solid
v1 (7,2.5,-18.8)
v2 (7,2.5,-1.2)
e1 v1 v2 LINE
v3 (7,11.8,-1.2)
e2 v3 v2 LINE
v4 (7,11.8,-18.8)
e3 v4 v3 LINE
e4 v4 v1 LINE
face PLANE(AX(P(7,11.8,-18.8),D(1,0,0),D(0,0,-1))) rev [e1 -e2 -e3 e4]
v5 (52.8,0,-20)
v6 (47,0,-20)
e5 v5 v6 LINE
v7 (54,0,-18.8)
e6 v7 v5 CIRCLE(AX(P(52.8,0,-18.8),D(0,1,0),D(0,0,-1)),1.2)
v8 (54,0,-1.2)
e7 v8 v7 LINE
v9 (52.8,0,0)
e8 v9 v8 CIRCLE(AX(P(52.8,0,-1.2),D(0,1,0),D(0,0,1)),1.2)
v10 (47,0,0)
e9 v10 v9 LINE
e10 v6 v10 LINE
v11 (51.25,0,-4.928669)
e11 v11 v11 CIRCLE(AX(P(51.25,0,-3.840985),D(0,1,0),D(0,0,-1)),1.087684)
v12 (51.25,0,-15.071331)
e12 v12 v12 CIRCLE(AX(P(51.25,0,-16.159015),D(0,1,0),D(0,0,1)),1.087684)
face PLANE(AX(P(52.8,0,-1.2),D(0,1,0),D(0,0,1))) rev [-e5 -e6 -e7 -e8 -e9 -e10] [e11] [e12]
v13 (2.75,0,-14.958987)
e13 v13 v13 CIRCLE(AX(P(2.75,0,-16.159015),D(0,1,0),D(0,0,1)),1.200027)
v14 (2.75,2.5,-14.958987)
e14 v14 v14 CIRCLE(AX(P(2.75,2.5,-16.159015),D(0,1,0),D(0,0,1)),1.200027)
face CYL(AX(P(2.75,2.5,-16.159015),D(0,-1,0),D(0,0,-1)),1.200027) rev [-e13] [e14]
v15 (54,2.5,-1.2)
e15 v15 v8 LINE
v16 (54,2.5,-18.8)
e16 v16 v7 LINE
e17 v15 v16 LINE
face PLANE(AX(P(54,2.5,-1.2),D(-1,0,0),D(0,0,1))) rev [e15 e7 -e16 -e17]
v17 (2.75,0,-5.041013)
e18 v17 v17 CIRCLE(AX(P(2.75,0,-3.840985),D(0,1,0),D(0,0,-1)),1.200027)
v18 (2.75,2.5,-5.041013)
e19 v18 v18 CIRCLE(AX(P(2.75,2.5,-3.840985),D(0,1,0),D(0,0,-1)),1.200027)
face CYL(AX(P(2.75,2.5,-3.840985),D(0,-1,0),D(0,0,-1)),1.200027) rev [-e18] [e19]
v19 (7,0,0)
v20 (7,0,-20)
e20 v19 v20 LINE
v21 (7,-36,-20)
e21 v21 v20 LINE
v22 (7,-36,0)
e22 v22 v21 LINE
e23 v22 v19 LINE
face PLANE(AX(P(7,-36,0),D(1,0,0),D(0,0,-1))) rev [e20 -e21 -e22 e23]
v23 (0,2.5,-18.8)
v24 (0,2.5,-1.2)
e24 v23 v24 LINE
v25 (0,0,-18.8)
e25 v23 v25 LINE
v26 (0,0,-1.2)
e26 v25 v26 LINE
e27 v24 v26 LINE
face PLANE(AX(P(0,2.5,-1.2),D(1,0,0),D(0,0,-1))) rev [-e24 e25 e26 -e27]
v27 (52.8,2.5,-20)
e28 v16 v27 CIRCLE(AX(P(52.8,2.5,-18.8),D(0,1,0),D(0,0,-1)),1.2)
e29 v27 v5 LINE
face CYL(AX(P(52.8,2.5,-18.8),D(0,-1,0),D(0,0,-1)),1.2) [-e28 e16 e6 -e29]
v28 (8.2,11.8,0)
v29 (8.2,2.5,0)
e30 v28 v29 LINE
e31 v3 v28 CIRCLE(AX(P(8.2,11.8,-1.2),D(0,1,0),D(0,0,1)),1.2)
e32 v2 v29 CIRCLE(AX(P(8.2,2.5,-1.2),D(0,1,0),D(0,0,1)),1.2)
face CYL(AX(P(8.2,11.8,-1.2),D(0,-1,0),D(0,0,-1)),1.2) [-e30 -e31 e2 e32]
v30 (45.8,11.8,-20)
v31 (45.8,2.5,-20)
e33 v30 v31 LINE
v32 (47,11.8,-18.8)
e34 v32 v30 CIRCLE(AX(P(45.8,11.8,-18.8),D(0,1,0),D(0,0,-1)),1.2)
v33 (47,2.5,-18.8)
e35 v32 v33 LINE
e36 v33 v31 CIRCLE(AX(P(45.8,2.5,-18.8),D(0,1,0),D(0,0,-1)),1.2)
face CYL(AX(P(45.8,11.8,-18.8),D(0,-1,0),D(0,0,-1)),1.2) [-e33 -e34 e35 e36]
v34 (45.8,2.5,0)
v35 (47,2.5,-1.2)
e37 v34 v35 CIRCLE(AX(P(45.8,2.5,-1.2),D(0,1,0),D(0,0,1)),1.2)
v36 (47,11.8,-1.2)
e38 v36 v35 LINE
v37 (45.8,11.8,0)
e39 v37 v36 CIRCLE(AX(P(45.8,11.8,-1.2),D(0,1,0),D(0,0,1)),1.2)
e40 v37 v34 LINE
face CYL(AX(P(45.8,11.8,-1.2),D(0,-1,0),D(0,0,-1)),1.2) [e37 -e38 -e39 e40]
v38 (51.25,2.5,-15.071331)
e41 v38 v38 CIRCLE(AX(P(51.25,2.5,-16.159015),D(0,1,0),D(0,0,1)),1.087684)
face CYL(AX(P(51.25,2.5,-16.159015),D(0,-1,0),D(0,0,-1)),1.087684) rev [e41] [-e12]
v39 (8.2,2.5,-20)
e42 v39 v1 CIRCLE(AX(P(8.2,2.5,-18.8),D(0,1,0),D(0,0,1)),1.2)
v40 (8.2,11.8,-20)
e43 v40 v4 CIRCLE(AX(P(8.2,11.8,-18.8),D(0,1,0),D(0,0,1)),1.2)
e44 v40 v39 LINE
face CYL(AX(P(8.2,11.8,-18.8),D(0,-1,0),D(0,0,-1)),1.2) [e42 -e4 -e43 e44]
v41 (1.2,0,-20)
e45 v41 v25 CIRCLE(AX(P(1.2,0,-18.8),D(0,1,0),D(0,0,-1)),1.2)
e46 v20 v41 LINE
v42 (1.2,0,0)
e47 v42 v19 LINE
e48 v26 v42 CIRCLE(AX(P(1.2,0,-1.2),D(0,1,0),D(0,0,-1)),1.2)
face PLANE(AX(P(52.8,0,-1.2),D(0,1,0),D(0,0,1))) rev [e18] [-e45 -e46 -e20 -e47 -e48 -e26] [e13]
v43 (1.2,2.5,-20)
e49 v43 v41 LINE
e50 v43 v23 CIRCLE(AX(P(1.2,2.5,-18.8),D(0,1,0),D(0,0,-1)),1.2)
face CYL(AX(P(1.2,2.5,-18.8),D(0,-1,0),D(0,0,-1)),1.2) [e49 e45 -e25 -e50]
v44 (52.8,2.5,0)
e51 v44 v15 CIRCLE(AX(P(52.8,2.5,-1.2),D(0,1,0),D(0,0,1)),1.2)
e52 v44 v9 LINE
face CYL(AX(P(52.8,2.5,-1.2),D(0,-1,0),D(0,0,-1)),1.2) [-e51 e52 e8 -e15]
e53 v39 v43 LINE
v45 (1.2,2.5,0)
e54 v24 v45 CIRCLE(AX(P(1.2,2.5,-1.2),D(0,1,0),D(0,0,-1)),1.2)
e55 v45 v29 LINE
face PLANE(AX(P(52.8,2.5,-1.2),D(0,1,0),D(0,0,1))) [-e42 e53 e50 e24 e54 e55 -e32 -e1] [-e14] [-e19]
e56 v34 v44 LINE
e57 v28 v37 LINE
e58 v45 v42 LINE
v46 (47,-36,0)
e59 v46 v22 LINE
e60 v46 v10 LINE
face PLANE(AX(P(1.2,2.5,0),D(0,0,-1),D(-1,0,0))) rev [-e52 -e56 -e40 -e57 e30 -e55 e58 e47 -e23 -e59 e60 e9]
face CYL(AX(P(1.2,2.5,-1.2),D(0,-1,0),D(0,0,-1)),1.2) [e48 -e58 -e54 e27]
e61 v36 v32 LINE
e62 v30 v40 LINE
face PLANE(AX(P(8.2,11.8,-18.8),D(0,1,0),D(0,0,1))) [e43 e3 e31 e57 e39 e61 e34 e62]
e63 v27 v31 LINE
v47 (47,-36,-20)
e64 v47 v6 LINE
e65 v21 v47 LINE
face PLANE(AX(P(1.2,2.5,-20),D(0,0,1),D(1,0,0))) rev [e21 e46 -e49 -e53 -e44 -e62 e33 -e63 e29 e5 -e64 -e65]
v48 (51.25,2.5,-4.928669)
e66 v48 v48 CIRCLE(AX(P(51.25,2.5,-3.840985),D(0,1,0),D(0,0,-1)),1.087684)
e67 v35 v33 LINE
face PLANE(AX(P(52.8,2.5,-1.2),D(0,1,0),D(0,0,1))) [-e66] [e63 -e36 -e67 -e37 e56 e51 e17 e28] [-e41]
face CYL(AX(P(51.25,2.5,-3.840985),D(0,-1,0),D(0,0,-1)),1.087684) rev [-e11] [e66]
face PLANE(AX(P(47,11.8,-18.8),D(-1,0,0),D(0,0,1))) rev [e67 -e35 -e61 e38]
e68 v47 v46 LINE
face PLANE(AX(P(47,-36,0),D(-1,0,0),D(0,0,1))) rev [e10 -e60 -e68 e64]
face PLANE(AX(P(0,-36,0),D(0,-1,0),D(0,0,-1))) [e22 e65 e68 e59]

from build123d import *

# Parameters (mm, degrees)
SKETCH1_R           = 1.200027231
SKETCH1_R_2         = 1.087684018
BOSS_EXTRUDE1_DEPTH = 2.5
BOSS_EXTRUDE2_DEPTH = 9.3
SKETCH3_W           = 40
SKETCH3_H           = 20
BOSS_EXTRUDE3_DEPTH = 36


with BuildPart() as part:
    # Sketch1 → Boss-Extrude1 (new body)
    with BuildSketch(Plane(origin=(0, 0, 0), x_dir=(1, 0, 0), z_dir=(0, 1, 0))):
        with BuildLine():
            Line((1.2, 0), (52.8, 0))
            ThreePointArc((52.8, 0), (53.648528137, 0.351471863), (54, 1.2))
            Line((54, 1.2), (54, 18.8))
            ThreePointArc((54, 18.8), (53.648528137, 19.648528137), (52.8, 20))
            Line((52.8, 20), (1.2, 20))
            ThreePointArc((1.2, 20), (0.351471863, 19.648528137), (0, 18.8))
            Line((0, 18.8), (0, 1.2))
            ThreePointArc((0, 1.2), (0.351471863, 0.351471863), (1.2, 0))
        make_face()
        with Locations(Location((2.75, 16.159014692, 0), (0, 0, 270))):
            Circle(SKETCH1_R, mode=Mode.SUBTRACT)
        with Locations(Location((51.25, 16.159014692, 0), (0, 0, 270))):
            Circle(SKETCH1_R_2, mode=Mode.SUBTRACT)
        with Locations(Location((51.25, 3.840985308, 0), (0, 0, 90))):
            Circle(SKETCH1_R_2, mode=Mode.SUBTRACT)
        with Locations(Location((2.75, 3.840985308, 0), (0, 0, 90))):
            Circle(SKETCH1_R, mode=Mode.SUBTRACT)
    extrude(amount=BOSS_EXTRUDE1_DEPTH)

    # Sketch2 → Boss-Extrude2 (add)
    with BuildSketch(Plane(origin=(0, 2.5, 0), x_dir=(1, 0, 0), z_dir=(0, 1, 0))):
        with BuildLine():
            Line((8.2, 20), (45.8, 20))
            ThreePointArc((45.8, 20), (46.648528137, 19.648528137), (47, 18.8))
            Line((47, 18.8), (47, 1.2))
            ThreePointArc((47, 1.2), (46.648528137, 0.351471863), (45.8, 0))
            Line((45.8, 0), (8.2, 0))
            ThreePointArc((8.2, 0), (7.351471863, 0.351471863), (7, 1.2))
            Line((7, 1.2), (7, 18.8))
            ThreePointArc((7, 18.8), (7.351471863, 19.648528137), (8.2, 20))
        make_face()
    extrude(amount=BOSS_EXTRUDE2_DEPTH)

    # Sketch3 → Boss-Extrude3 (add)
    with BuildSketch(Plane.XZ):
        with Locations((27, -10)):
            Rectangle(SKETCH3_W, SKETCH3_H)
    extrude(amount=BOSS_EXTRUDE3_DEPTH)


solid = part.part
